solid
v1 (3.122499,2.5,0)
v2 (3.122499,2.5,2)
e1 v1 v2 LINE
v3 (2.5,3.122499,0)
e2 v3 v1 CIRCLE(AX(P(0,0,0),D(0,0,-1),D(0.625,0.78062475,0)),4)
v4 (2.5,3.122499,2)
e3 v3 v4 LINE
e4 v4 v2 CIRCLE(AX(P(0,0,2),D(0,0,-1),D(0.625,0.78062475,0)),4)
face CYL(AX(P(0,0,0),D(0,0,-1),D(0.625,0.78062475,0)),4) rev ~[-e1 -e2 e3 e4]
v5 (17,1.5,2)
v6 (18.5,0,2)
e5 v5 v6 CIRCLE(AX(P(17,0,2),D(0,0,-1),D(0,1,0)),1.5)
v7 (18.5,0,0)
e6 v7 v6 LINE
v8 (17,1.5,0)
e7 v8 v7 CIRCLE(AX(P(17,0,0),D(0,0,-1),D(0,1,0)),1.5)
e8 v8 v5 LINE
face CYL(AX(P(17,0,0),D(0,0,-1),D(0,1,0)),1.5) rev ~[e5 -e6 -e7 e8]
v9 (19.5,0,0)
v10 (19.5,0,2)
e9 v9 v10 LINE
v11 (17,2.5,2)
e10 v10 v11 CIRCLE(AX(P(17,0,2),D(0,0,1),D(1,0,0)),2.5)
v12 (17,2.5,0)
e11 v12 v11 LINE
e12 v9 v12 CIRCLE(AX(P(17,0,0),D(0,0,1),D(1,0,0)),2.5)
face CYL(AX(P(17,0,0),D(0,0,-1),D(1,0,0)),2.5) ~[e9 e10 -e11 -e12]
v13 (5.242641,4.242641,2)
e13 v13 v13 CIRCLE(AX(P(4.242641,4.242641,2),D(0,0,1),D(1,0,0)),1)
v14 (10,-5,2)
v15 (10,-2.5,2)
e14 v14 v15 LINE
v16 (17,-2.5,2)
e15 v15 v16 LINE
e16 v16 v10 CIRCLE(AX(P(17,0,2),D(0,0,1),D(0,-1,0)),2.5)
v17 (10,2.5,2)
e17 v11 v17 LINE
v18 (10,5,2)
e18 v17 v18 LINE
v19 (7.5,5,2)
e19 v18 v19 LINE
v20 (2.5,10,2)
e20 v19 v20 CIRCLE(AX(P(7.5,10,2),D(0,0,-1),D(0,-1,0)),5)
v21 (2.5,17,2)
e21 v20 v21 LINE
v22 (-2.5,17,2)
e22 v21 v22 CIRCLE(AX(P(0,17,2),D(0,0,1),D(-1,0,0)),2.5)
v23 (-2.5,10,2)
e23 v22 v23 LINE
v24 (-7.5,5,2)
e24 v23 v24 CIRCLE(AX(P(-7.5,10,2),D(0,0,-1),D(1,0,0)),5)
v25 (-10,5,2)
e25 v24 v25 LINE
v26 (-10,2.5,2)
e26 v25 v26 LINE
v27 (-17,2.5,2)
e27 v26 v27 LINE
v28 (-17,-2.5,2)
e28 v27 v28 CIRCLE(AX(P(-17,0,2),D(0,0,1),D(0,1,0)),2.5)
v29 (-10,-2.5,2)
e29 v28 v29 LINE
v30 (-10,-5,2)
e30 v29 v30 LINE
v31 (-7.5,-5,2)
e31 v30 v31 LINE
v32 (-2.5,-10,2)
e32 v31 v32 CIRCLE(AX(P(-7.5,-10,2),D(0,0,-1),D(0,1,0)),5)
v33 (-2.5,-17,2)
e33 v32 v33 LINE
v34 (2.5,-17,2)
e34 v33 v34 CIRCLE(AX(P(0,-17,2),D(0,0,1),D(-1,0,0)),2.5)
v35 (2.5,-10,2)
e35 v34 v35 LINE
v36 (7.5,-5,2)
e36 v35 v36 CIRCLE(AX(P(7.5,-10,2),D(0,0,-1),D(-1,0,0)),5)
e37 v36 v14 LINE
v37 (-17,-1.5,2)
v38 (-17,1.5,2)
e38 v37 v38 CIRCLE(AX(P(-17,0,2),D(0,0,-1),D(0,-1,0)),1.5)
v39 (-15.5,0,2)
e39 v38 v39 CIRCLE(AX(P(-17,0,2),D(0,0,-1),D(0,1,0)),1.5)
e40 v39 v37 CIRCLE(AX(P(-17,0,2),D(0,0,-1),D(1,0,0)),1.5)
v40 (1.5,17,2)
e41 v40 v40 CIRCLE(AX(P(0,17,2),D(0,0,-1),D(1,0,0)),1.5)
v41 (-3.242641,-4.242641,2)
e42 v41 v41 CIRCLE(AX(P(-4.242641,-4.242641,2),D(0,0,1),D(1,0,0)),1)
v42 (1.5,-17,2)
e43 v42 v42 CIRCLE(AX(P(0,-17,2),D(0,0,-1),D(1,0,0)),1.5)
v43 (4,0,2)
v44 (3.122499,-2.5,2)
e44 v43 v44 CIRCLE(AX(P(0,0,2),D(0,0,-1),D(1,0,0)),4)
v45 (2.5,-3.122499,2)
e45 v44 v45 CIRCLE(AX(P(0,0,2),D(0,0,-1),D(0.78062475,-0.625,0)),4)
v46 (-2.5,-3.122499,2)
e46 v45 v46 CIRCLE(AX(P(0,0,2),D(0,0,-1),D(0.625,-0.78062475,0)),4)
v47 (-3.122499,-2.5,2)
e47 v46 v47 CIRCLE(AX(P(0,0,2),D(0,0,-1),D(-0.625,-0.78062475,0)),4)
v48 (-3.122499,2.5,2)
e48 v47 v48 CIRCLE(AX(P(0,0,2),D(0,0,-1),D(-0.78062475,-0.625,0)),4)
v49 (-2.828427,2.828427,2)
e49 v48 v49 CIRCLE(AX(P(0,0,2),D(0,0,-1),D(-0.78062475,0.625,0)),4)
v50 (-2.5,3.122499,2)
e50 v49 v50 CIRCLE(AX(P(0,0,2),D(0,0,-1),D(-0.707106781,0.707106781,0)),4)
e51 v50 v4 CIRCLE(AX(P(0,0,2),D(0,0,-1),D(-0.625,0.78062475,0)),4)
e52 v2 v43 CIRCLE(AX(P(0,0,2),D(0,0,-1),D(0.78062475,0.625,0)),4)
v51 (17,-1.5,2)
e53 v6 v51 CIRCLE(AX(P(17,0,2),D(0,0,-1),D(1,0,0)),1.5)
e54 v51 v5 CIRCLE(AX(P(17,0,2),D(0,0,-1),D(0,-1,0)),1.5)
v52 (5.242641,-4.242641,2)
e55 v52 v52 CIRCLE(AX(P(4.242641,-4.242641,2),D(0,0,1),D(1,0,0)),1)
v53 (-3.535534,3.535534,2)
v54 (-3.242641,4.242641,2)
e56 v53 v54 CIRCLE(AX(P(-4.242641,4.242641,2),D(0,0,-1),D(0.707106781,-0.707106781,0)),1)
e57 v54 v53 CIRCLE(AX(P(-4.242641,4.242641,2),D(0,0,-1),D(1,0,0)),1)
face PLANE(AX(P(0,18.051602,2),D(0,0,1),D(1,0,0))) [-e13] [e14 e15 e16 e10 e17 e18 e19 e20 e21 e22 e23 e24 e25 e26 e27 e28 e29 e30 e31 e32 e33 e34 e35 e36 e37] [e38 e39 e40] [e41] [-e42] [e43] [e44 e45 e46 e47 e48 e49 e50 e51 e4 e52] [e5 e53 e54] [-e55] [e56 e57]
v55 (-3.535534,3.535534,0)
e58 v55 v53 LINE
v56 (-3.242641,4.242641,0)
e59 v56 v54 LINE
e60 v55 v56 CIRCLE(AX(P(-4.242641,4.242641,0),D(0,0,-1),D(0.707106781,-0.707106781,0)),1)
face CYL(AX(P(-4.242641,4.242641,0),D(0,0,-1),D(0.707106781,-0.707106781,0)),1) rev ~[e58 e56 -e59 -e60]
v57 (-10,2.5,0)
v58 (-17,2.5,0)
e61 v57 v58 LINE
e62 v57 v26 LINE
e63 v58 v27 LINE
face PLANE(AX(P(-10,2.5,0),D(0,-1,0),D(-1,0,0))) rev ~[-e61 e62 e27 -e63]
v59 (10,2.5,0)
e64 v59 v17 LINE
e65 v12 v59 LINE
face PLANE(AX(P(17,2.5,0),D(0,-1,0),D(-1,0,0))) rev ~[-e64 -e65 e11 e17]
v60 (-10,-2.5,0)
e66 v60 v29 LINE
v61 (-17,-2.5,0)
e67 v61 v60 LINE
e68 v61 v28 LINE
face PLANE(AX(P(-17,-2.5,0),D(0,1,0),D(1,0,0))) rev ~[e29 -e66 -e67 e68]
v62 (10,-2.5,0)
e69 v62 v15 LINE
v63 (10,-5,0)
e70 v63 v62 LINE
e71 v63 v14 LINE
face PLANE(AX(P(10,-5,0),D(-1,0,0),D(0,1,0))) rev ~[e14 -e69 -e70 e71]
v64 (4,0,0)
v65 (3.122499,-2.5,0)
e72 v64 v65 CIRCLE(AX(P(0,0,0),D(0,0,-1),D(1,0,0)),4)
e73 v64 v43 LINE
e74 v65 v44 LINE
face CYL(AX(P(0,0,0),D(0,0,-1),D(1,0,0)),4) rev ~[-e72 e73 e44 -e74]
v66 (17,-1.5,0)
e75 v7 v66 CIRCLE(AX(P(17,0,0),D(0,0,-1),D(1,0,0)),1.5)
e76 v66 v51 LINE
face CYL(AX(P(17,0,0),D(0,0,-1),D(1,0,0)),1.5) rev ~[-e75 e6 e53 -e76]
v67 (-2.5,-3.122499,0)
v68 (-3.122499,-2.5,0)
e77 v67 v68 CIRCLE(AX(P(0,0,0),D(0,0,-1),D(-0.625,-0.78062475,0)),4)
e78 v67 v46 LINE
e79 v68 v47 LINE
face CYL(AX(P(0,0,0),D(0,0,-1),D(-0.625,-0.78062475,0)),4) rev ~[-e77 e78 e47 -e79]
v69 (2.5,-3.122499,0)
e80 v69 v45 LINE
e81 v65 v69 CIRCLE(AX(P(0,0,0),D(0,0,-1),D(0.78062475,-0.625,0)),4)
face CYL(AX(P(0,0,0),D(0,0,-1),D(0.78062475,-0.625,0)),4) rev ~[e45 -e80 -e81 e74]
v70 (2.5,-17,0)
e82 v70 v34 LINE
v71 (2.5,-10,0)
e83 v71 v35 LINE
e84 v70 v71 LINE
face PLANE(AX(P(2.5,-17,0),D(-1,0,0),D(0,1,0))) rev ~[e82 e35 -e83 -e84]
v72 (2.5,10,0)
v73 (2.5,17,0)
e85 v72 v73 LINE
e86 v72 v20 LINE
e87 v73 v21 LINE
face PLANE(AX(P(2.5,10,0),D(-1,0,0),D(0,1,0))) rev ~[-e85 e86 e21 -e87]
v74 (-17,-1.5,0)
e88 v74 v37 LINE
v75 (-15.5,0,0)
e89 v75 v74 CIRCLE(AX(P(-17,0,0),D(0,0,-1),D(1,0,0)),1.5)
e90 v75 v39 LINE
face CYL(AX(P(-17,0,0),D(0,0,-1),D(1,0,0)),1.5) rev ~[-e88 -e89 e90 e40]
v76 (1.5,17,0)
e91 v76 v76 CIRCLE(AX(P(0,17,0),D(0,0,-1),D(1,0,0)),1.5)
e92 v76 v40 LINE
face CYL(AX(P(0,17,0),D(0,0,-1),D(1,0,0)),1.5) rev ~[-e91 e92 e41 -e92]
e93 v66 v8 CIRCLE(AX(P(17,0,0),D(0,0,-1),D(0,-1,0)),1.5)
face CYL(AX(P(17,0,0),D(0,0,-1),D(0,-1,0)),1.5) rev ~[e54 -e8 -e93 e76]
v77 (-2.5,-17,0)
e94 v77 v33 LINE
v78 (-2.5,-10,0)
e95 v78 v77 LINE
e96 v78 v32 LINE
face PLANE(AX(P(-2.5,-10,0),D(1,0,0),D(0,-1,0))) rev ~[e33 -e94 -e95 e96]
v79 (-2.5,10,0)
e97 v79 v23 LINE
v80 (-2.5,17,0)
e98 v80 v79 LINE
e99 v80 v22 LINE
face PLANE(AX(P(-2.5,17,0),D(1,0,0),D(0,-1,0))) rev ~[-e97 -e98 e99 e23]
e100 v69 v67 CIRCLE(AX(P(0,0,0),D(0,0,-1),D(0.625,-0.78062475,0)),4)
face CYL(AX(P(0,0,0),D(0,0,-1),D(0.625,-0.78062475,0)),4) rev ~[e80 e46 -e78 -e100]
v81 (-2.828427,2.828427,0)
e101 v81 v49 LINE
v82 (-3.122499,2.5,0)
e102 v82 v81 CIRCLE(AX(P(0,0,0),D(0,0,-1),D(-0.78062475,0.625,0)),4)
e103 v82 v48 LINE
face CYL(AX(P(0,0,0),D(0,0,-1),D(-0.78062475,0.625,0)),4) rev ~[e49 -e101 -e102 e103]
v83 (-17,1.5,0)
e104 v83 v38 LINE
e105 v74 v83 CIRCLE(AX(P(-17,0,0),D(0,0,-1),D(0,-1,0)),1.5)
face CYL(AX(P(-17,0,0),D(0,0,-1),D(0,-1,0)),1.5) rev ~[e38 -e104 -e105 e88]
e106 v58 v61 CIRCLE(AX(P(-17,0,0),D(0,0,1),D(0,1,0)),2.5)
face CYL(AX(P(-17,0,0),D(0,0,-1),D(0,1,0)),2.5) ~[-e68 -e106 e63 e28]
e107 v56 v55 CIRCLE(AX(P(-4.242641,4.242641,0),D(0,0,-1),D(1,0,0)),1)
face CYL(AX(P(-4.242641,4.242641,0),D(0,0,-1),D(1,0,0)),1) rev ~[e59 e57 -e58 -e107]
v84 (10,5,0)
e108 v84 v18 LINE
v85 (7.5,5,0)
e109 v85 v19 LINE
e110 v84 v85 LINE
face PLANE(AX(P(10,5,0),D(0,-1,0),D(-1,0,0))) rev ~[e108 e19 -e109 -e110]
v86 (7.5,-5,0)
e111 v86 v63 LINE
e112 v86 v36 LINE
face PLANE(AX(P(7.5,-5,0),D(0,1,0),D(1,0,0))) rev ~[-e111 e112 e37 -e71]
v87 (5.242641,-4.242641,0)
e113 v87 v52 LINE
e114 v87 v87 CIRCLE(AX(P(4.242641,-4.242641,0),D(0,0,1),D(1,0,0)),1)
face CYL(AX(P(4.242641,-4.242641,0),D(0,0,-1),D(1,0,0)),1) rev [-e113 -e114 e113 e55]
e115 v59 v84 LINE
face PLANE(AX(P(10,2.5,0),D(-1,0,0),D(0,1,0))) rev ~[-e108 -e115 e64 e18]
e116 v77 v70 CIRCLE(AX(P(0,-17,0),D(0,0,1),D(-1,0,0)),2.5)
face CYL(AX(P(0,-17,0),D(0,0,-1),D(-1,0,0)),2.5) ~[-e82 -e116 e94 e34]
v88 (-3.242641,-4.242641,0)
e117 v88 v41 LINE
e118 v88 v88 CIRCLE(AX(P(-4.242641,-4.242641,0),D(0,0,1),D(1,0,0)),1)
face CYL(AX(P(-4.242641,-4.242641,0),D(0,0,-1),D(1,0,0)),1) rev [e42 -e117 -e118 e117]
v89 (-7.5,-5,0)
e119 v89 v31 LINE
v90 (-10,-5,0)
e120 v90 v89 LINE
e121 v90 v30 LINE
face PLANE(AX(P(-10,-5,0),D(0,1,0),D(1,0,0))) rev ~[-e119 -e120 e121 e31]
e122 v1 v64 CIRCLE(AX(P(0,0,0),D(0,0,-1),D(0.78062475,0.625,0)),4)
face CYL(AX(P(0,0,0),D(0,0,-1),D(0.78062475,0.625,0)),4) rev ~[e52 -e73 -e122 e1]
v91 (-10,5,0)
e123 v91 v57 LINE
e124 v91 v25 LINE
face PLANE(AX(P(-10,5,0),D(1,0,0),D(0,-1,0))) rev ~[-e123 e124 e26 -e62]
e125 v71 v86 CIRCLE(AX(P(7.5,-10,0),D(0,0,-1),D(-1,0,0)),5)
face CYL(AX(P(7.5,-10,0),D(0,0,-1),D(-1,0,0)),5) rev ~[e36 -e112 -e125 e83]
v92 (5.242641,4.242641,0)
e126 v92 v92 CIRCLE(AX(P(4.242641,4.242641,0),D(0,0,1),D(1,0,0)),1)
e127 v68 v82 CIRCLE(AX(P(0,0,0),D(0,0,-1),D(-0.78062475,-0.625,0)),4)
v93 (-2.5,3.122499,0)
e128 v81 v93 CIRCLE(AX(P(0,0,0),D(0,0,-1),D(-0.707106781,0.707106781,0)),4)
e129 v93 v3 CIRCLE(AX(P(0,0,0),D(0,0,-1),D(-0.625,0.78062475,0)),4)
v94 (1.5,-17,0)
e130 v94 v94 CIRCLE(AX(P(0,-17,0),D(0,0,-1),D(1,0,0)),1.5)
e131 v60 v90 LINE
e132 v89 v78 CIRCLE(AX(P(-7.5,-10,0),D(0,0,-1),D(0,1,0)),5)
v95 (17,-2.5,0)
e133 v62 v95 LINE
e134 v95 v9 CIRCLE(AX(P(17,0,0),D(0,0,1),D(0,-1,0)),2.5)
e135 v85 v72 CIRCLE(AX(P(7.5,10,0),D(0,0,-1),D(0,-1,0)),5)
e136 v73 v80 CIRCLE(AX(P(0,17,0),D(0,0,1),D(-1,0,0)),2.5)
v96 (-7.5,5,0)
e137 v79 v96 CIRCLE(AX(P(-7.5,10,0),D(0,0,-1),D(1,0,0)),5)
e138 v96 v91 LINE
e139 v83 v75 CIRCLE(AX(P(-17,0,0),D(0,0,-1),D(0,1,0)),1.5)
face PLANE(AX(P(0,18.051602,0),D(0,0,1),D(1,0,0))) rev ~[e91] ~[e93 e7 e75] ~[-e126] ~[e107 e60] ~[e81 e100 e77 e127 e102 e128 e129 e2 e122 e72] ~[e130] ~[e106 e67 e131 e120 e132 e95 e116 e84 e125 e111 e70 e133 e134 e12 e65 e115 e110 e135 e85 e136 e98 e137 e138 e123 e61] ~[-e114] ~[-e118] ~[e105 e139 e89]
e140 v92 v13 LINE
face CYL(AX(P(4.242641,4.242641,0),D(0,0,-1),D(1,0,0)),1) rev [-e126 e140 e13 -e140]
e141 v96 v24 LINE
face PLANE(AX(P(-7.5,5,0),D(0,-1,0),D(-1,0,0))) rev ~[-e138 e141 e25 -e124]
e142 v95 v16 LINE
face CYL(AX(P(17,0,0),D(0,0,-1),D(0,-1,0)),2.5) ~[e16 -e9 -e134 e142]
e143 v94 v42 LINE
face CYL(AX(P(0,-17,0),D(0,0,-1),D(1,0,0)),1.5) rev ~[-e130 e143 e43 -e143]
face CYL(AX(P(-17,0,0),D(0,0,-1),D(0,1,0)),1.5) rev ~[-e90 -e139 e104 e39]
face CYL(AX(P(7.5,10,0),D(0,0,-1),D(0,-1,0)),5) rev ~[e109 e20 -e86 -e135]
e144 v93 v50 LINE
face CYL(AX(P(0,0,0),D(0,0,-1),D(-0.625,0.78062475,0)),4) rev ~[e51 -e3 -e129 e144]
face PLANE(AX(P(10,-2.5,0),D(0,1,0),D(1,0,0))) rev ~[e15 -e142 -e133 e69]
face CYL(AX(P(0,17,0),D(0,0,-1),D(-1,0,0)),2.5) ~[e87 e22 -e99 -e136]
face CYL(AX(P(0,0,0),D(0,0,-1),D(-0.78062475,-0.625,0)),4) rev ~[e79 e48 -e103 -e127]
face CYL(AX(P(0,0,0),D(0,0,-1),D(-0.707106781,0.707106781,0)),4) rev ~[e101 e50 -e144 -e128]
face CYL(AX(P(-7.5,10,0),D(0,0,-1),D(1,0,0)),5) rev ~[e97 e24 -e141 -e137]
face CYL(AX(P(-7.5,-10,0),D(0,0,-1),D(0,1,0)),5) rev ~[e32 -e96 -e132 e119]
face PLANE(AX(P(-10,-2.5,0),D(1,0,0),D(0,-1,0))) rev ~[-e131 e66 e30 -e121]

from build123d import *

# Parameters (mm, degrees)
F0_R     = 1
F1_DEPTH = 2


with BuildPart() as f1:
    # F0 (on Top) → F1 (new body)
    with BuildSketch(Plane.XY):
        with BuildLine():
            ThreePointArc((-1.5, 17), (0, 18.5), (1.5, 17))
            Line((1.5, 17), (2.5, 17))
            ThreePointArc((2.5, 17), (0, 19.5), (-2.5, 17))
            Line((-2.5, 17), (-1.5, 17))
        make_face()
        with BuildLine():
            Line((2.5, 17), (1.5, 17))
            ThreePointArc((1.5, 17), (0, 15.5), (-1.5, 17))
            Line((-1.5, 17), (-2.5, 17))
            ThreePointArc((-2.5, 17), (0, 14.5), (2.5, 17))
        make_face()
        with BuildLine():
            Line((2.5, 10), (2.5, 17))
            ThreePointArc((2.5, 17), (0, 14.5), (-2.5, 17))
            Line((-2.5, 17), (-2.5, 10))
            ThreePointArc((-2.5, 10), (-3.9644660941, 6.4644660941), (-7.5, 5))
            Line((-7.5, 5), (-10, 5))
            Line((-10, 5), (-10, 2.5))
            Line((-10, 2.5), (-3.1224989992, 2.5))
            ThreePointArc((-3.1224989992, 2.5), (-2.979991028, 2.6682678787), (-2.8284271247, 2.8284271247))
            ThreePointArc((-2.8284271247, 2.8284271247), (-2.6682678787, 2.979991028), (-2.5, 3.1224989992))
            ThreePointArc((-2.5, 3.1224989992), (0, 4), (2.5, 3.1224989992))
            ThreePointArc((2.5, 3.1224989992), (2.8284271247, 2.8284271247), (3.1224989992, 2.5))
            Line((3.1224989992, 2.5), (10, 2.5))
            Line((10, 2.5), (10, 5))
            Line((10, 5), (7.5, 5))
            ThreePointArc((7.5, 5), (3.9644660941, 6.4644660941), (2.5, 10))
        make_face()
        with BuildLine():
            ThreePointArc((-3.2426406871, 4.2426406871), (-3.3187611546, 3.8599572548), (-3.5355339059, 3.5355339059))
            ThreePointArc((-3.5355339059, 3.5355339059), (-5.1665202196, 4.6253241195), (-3.2426406871, 4.2426406871))
        make_face(mode=Mode.SUBTRACT)
        with Locations((4.2426406871, 4.2426406871)):
            Circle(F0_R, mode=Mode.SUBTRACT)
        with BuildLine():
            Line((17, 2.5), (10, 2.5))
            Line((10, 2.5), (10, -2.5))
            Line((10, -2.5), (17, -2.5))
            ThreePointArc((17, -2.5), (14.5, 0), (17, 2.5))
        make_face()
        with BuildLine():
            Line((10, -2.5), (10, 2.5))
            Line((10, 2.5), (3.1224989992, 2.5))
            ThreePointArc((3.1224989992, 2.5), (3.7742546282, 1.3247648854), (4, 0))
            ThreePointArc((4, 0), (3.7742546282, -1.3247648854), (3.1224989992, -2.5))
            Line((3.1224989992, -2.5), (10, -2.5))
        make_face()
        with BuildLine():
            Line((10, -5), (10, -2.5))
            Line((10, -2.5), (3.1224989992, -2.5))
            ThreePointArc((3.1224989992, -2.5), (2.8284271247, -2.8284271247), (2.5, -3.1224989992))
            ThreePointArc((2.5, -3.1224989992), (0, -4), (-2.5, -3.1224989992))
            ThreePointArc((-2.5, -3.1224989992), (-2.8284271247, -2.8284271247), (-3.1224989992, -2.5))
            Line((-3.1224989992, -2.5), (-10, -2.5))
            Line((-10, -2.5), (-10, -5))
            Line((-10, -5), (-7.5, -5))
            ThreePointArc((-7.5, -5), (-3.9644660941, -6.4644660941), (-2.5, -10))
            Line((-2.5, -10), (-2.5, -17))
            ThreePointArc((-2.5, -17), (0, -14.5), (2.5, -17))
            Line((2.5, -17), (2.5, -10))
            ThreePointArc((2.5, -10), (3.9644660941, -6.4644660941), (7.5, -5))
            Line((7.5, -5), (10, -5))
        make_face()
        with Locations((-4.2426406871, -4.2426406871)):
            Circle(F0_R, mode=Mode.SUBTRACT)
        with Locations((4.2426406871, -4.2426406871)):
            Circle(F0_R, mode=Mode.SUBTRACT)
        with BuildLine():
            ThreePointArc((19.5, 0), (18.767766953, 1.767766953), (17, 2.5))
            Line((17, 2.5), (17, 1.5))
            ThreePointArc((17, 1.5), (18.0606601718, 1.0606601718), (18.5, 0))
            ThreePointArc((18.5, 0), (18.0606601718, -1.0606601718), (17, -1.5))
            Line((17, -1.5), (17, -2.5))
            ThreePointArc((17, -2.5), (18.767766953, -1.767766953), (19.5, 0))
        make_face()
        with BuildLine():
            Line((17, 1.5), (17, 2.5))
            ThreePointArc((17, 2.5), (14.5, 0), (17, -2.5))
            Line((17, -2.5), (17, -1.5))
            ThreePointArc((17, -1.5), (15.5, 0), (17, 1.5))
        make_face()
        with BuildLine():
            Line((-3.1224989992, 2.5), (-10, 2.5))
            Line((-10, 2.5), (-10, -2.5))
            Line((-10, -2.5), (-3.1224989992, -2.5))
            ThreePointArc((-3.1224989992, -2.5), (-4, 0), (-3.1224989992, 2.5))
        make_face()
        with BuildLine():
            Line((-10, -2.5), (-10, 2.5))
            Line((-10, 2.5), (-17, 2.5))
            ThreePointArc((-17, 2.5), (-15.232233047, 1.767766953), (-14.5, 0))
            ThreePointArc((-14.5, 0), (-15.232233047, -1.767766953), (-17, -2.5))
            Line((-17, -2.5), (-10, -2.5))
        make_face()
        with BuildLine():
            ThreePointArc((-14.5, 0), (-15.232233047, 1.767766953), (-17, 2.5))
            Line((-17, 2.5), (-17, 1.5))
            ThreePointArc((-17, 1.5), (-15.9393398282, 1.0606601718), (-15.5, 0))
            ThreePointArc((-15.5, 0), (-15.9393398282, -1.0606601718), (-17, -1.5))
            Line((-17, -1.5), (-17, -2.5))
            ThreePointArc((-17, -2.5), (-15.232233047, -1.767766953), (-14.5, 0))
        make_face()
        with BuildLine():
            Line((-17, 1.5), (-17, 2.5))
            ThreePointArc((-17, 2.5), (-19.5, 0), (-17, -2.5))
            Line((-17, -2.5), (-17, -1.5))
            ThreePointArc((-17, -1.5), (-18.5, 0), (-17, 1.5))
        make_face()
        with BuildLine():
            ThreePointArc((-2.5, -17), (0, -19.5), (2.5, -17))
            Line((2.5, -17), (1.5, -17))
            ThreePointArc((1.5, -17), (0, -18.5), (-1.5, -17))
            Line((-1.5, -17), (-2.5, -17))
        make_face()
        with BuildLine():
            Line((1.5, -17), (2.5, -17))
            ThreePointArc((2.5, -17), (0, -14.5), (-2.5, -17))
            Line((-2.5, -17), (-1.5, -17))
            ThreePointArc((-1.5, -17), (0, -15.5), (1.5, -17))
        make_face()
    extrude(amount=F1_DEPTH)


solid = f1.part
